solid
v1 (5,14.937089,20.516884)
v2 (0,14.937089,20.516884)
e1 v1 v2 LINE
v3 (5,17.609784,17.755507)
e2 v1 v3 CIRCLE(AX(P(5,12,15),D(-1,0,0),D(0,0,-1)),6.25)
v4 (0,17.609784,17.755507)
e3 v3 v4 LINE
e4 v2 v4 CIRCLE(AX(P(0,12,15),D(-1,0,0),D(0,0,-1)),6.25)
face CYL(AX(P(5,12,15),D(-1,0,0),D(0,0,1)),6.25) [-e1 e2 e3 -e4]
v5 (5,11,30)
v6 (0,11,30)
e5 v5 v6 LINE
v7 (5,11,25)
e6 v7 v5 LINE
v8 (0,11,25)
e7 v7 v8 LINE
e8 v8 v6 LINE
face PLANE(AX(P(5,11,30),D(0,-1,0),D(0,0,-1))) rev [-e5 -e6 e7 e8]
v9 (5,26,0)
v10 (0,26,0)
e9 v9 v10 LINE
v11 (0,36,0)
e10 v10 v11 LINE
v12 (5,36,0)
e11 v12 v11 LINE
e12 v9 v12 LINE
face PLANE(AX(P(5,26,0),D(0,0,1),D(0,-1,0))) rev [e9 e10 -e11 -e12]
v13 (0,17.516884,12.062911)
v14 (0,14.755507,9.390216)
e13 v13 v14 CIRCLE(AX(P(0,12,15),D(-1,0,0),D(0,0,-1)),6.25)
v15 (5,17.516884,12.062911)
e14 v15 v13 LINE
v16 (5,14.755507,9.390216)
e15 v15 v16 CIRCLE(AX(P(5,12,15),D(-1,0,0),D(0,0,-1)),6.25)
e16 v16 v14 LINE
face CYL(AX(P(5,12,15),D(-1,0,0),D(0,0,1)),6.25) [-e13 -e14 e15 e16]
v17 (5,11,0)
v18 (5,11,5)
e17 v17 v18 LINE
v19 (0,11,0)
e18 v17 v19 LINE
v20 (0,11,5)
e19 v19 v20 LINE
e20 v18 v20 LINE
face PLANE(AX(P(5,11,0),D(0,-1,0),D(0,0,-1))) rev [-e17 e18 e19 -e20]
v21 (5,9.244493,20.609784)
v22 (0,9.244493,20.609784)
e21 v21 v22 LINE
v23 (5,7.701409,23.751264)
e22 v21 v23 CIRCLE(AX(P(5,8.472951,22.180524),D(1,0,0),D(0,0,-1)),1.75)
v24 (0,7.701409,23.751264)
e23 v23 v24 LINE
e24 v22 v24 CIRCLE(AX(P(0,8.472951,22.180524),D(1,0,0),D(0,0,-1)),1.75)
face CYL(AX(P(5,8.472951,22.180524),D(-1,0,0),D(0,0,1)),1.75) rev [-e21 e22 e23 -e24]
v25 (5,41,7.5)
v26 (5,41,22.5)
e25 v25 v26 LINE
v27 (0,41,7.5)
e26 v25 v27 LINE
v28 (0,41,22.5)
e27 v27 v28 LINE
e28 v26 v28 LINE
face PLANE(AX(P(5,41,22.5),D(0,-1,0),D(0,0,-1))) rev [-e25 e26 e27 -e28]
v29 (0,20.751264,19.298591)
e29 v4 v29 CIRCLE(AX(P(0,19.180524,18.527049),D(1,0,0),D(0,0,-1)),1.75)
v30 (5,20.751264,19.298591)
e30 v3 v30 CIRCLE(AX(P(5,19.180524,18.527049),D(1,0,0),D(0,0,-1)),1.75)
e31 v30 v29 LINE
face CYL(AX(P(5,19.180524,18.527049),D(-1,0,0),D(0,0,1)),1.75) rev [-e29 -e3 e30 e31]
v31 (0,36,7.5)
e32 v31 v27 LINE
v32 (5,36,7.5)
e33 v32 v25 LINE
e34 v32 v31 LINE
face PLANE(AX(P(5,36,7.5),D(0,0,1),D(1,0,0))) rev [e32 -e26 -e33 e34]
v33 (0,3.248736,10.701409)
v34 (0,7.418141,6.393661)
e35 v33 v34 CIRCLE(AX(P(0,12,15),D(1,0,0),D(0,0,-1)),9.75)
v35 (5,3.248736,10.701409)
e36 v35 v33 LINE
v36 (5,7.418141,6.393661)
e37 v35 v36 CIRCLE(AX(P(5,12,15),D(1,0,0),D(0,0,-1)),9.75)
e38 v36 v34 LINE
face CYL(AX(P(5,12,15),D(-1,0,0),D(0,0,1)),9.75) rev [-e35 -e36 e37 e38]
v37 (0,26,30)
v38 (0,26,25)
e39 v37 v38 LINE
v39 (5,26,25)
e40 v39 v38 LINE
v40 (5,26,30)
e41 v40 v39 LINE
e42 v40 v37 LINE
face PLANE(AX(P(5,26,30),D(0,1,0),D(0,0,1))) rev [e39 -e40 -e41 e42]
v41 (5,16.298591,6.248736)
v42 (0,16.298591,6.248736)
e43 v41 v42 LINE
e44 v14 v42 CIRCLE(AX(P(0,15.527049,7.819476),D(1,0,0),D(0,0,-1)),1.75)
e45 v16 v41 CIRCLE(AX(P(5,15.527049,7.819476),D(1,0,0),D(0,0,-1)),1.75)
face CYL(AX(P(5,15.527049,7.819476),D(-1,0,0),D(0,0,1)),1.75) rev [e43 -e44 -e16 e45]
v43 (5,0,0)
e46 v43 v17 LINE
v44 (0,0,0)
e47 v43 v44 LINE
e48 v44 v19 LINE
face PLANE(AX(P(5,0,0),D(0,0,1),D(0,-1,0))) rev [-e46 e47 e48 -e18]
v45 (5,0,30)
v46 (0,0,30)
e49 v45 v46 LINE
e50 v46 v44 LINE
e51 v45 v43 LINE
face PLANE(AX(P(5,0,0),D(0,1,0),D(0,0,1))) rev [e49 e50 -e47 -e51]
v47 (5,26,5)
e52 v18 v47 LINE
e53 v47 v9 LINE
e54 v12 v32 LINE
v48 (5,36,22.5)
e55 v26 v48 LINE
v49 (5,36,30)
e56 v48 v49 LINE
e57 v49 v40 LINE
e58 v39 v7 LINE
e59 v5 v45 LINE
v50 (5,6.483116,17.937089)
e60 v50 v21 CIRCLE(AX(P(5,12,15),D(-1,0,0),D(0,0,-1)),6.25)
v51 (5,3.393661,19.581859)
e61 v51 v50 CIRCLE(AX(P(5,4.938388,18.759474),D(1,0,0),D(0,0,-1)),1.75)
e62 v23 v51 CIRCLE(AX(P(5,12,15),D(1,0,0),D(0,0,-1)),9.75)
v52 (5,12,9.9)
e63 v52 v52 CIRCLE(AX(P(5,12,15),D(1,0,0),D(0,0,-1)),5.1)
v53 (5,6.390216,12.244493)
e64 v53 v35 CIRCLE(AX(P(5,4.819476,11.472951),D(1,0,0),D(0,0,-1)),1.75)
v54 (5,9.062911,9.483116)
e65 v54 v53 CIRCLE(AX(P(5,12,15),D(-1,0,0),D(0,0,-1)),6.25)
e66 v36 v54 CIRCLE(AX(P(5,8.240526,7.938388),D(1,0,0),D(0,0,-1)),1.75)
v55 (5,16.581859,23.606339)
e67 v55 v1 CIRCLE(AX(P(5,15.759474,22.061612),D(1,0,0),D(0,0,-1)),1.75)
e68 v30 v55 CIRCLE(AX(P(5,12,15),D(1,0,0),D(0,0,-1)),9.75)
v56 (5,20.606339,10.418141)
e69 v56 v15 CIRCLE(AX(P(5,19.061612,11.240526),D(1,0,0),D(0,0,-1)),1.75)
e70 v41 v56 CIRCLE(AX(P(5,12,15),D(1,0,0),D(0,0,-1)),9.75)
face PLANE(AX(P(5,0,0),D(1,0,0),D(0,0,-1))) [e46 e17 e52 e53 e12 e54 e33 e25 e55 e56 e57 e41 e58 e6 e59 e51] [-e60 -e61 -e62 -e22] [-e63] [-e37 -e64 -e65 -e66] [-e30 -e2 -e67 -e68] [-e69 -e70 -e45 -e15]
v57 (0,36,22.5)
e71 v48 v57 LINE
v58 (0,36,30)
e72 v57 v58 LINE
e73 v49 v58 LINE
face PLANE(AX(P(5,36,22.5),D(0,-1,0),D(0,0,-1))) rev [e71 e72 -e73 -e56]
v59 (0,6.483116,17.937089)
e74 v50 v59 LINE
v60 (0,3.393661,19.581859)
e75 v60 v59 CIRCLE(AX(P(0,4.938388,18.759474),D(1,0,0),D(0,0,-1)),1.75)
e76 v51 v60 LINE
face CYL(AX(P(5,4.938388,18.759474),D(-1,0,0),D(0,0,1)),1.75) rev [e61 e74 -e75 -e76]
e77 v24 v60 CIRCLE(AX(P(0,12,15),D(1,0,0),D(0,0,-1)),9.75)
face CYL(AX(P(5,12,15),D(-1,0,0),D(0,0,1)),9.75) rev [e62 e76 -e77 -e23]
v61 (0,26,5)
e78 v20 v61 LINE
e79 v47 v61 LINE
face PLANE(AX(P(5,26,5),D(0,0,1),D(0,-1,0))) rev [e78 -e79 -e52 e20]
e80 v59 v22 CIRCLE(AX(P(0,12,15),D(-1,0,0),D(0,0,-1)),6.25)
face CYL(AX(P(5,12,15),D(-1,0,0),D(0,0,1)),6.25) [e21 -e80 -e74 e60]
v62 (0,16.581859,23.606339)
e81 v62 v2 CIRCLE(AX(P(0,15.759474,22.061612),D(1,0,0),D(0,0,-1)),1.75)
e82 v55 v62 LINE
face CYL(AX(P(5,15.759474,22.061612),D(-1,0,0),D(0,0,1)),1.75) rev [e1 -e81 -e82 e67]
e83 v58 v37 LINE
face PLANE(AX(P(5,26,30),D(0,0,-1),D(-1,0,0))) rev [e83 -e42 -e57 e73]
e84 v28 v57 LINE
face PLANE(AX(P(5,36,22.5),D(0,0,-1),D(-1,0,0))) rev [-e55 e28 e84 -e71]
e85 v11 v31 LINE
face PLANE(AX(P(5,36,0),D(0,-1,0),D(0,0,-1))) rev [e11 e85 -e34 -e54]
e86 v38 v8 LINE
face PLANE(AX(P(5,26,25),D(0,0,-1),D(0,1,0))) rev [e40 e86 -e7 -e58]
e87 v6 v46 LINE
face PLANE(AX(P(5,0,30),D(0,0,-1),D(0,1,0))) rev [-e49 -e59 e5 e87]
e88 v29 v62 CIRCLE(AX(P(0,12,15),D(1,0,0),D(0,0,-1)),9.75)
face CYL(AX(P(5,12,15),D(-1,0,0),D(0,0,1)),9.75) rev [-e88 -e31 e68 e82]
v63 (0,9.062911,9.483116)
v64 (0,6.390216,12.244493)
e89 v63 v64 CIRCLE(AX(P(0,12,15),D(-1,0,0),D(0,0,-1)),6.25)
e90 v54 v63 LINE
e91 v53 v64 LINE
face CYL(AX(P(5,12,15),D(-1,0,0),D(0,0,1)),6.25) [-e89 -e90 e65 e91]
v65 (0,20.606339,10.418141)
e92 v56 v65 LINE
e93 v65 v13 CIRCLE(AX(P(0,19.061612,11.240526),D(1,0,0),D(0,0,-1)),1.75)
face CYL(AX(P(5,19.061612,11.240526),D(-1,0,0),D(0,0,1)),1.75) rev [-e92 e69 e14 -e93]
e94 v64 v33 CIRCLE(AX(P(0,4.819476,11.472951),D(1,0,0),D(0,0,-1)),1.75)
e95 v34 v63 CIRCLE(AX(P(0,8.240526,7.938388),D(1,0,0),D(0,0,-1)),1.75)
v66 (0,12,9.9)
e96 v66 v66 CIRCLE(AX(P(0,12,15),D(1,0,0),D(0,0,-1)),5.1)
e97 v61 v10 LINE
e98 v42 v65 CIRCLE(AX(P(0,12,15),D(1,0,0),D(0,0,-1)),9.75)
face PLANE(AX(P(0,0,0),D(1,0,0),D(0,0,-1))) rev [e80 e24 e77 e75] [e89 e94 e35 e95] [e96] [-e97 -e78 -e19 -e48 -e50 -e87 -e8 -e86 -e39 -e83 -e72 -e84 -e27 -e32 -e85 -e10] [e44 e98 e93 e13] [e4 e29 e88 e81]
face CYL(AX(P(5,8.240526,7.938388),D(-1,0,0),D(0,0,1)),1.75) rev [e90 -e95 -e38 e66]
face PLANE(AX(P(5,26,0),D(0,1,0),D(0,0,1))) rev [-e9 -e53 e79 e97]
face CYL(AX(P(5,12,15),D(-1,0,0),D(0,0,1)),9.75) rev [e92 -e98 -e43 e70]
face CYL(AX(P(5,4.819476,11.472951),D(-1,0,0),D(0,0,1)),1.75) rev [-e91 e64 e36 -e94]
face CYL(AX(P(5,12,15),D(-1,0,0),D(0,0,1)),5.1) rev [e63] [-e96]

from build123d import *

# Parameters (mm, degrees)
SKETCH_1_R      = 5.1
EXTRUDE_1_DEPTH = 5


with BuildPart() as part:
    # 草图1 → 凸台-拉伸1 (new body)
    with BuildSketch(Plane(origin=(0, 0, 0), x_dir=(0, 0, -1), z_dir=(1, 0, 0))):
        Polygon((-22.5, 36), (-30, 36), (-30, 26), (-25, 26), (-25, 11), (-30, 11), (-30, 0), (0, 0), (0, 11), (-5, 11), (-5, 26), (0, 26), (0, 36), (-7.5, 36), (-7.5, 41), (-22.5, 41), align=None)
        with Locations((-15, 12)):
            Circle(SKETCH_1_R, mode=Mode.SUBTRACT)
        with BuildLine():
            ThreePointArc((-19.298590679, 20.751263804), (-21.780876657, 19.005869808), (-23.606339093, 16.58185851))
            ThreePointArc((-23.606339093, 16.58185851), (-22.883996425, 14.21474612), (-20.516884034, 14.937088789))
            ThreePointArc((-20.516884034, 14.937088789), (-19.346715806, 16.490942184), (-17.755506846, 17.60978449))
            ThreePointArc((-17.755506846, 17.60978449), (-16.956309105, 19.952066064), (-19.298590679, 20.751263804))
        make_face(mode=Mode.SUBTRACT)
        with BuildLine():
            ThreePointArc((-6.248736196, 16.298590679), (-7.994130192, 18.780876657), (-10.41814149, 20.606339093))
            ThreePointArc((-10.41814149, 20.606339093), (-12.78525388, 19.883996425), (-12.062911211, 17.516884034))
            ThreePointArc((-12.062911211, 17.516884034), (-10.509057816, 16.346715806), (-9.39021551, 14.755506846))
            ThreePointArc((-9.39021551, 14.755506846), (-7.047933936, 13.956309105), (-6.248736196, 16.298590679))
        make_face(mode=Mode.SUBTRACT)
        with BuildLine():
            ThreePointArc((-10.701409321, 3.248736196), (-8.219123343, 4.994130192), (-6.393660907, 7.41814149))
            ThreePointArc((-6.393660907, 7.41814149), (-7.116003575, 9.78525388), (-9.483115966, 9.062911211))
            ThreePointArc((-9.483115966, 9.062911211), (-10.653284194, 7.509057816), (-12.244493154, 6.39021551))
            ThreePointArc((-12.244493154, 6.39021551), (-13.043690895, 4.047933936), (-10.701409321, 3.248736196))
        make_face(mode=Mode.SUBTRACT)
        with BuildLine():
            ThreePointArc((-23.751263804, 7.701409321), (-22.005869808, 5.219123343), (-19.58185851, 3.393660907))
            ThreePointArc((-19.58185851, 3.393660907), (-17.21474612, 4.116003575), (-17.937088789, 6.483115966))
            ThreePointArc((-17.937088789, 6.483115966), (-19.490942184, 7.653284194), (-20.60978449, 9.244493154))
            ThreePointArc((-20.60978449, 9.244493154), (-22.952066064, 10.043690895), (-23.751263804, 7.701409321))
        make_face(mode=Mode.SUBTRACT)
    extrude(amount=EXTRUDE_1_DEPTH)


solid = part.part
